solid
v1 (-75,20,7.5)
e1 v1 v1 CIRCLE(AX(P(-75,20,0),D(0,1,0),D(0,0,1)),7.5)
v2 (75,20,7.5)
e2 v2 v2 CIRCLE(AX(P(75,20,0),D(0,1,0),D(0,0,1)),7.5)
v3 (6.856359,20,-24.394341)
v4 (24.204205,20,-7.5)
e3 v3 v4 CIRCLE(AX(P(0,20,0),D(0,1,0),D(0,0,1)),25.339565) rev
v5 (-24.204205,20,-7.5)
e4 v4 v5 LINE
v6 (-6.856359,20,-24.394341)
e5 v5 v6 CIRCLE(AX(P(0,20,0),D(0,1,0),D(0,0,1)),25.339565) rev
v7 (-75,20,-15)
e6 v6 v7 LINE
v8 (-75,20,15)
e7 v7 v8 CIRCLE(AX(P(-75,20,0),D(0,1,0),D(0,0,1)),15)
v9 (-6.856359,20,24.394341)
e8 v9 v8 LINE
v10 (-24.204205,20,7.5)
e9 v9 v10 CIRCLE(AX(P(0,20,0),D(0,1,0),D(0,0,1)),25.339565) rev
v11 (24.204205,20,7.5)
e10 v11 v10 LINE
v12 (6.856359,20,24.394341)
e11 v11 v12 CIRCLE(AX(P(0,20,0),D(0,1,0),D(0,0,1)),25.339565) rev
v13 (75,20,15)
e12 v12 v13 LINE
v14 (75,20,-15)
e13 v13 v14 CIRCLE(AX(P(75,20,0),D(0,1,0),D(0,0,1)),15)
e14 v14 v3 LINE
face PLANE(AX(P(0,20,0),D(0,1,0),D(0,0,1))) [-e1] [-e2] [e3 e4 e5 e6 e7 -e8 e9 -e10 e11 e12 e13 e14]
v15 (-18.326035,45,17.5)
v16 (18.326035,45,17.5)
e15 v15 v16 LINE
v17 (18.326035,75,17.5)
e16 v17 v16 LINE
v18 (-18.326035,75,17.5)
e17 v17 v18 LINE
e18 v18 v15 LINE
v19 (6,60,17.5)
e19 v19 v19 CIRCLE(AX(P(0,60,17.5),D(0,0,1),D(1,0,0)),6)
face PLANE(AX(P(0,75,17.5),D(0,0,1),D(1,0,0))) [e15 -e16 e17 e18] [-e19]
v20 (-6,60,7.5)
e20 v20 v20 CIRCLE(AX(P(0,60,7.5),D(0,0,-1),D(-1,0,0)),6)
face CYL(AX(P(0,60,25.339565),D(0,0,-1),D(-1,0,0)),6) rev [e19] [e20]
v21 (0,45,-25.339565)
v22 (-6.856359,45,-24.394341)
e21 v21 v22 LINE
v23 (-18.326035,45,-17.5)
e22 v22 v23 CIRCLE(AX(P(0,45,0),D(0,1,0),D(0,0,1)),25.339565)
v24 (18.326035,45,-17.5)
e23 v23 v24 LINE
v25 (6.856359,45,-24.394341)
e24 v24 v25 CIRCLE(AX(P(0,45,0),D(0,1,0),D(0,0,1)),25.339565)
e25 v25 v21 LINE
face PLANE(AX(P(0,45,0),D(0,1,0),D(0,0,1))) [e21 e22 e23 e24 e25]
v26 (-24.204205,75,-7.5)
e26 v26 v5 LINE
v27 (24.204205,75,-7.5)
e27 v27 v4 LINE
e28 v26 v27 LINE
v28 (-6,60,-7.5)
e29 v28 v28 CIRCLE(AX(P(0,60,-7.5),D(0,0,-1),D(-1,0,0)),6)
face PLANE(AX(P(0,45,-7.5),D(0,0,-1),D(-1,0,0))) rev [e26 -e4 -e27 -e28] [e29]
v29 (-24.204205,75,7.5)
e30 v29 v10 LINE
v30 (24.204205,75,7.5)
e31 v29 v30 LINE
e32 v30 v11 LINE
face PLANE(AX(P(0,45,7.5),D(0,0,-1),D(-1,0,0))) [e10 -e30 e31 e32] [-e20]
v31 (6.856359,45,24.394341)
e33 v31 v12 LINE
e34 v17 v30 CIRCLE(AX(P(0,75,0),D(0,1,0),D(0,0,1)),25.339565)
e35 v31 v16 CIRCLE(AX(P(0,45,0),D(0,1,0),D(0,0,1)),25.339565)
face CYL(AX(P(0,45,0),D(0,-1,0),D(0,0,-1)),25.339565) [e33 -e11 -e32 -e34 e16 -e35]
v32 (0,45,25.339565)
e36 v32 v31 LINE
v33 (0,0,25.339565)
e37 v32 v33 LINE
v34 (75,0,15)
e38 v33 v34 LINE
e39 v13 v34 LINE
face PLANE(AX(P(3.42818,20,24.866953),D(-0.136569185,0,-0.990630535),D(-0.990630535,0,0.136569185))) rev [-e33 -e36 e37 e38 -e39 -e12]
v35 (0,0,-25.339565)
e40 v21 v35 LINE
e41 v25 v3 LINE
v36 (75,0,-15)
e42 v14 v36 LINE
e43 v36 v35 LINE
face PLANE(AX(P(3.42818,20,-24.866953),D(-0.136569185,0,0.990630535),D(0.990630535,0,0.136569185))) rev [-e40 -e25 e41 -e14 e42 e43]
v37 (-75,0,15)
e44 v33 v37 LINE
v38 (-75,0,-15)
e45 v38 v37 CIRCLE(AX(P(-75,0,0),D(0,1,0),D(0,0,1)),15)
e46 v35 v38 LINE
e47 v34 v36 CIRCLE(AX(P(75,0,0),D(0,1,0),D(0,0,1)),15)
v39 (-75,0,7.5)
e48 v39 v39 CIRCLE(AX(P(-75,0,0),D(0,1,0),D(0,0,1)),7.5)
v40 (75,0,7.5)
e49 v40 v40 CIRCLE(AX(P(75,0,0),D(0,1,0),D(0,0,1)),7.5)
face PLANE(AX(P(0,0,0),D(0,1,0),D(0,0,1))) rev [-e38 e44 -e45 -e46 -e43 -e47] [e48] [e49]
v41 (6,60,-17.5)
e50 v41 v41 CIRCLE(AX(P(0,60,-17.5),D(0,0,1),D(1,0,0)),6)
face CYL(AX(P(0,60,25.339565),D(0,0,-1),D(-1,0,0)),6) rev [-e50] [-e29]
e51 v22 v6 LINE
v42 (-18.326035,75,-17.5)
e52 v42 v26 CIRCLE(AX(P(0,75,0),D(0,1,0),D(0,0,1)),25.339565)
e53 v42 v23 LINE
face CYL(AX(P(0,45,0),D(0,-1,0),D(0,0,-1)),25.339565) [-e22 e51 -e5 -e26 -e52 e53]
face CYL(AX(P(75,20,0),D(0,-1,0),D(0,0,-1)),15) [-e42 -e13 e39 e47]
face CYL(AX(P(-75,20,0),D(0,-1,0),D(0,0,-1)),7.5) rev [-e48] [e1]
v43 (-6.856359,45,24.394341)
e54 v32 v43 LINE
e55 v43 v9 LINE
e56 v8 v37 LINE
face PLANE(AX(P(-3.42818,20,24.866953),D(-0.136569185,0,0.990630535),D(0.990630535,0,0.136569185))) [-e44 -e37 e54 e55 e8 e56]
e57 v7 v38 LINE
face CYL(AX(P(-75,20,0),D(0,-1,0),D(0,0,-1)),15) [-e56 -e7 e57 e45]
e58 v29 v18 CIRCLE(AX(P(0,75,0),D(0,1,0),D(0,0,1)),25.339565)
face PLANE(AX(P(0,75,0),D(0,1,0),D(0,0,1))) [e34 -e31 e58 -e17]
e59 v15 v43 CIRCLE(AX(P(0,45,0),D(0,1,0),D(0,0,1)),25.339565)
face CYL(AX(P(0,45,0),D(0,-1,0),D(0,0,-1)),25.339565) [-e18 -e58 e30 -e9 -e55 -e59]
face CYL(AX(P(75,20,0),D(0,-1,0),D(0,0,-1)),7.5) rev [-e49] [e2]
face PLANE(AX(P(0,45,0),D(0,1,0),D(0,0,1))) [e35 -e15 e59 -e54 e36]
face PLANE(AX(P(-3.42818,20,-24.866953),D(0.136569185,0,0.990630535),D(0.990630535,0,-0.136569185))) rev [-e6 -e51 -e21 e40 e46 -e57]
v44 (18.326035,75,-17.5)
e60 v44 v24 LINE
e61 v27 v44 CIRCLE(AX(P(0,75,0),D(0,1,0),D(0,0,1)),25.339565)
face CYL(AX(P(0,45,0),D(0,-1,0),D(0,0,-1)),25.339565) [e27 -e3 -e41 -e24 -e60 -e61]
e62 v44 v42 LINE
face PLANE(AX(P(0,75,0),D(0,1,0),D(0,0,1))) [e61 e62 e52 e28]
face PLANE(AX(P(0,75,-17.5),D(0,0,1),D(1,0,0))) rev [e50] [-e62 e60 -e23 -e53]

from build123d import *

# Parameters (mm, degrees)
CROQUIS_PLANTA_R           = 7.5
SALIENTE_EXTRUIR1_DEPTH    = 20
SALIENTE_EXTRUIR2_DEPTH    = 45
SALIENTE_EXTRUIR3_DEPTH    = 75
CROQUIS14_R                = 6
CORTAR_EXTRUIR1_DEPTH      = 8.83956507
CORTAR_EXTRUIR1_DEPTH_BACK = 43.83956507


with BuildPart() as part:
    # Croquis Planta → Saliente-Extruir1 (new body)
    with BuildSketch(Plane(origin=(0, 0, 0), x_dir=(1, 0, 0), z_dir=(0, 1, 0))):
        with BuildLine():
            ThreePointArc((-6.856359495, -24.394341401), (-25.33956507, 0), (-6.856359495, 24.394341401))
            Line((-6.856359495, 24.394341401), (-75, 15))
            ThreePointArc((-75, 15), (-90, 0), (-75, -15))
            Line((-75, -15), (-6.856359495, -24.394341401))
        make_face()
        with Locations((-75, 0)):
            Circle(CROQUIS_PLANTA_R, mode=Mode.SUBTRACT)
        with BuildLine():
            ThreePointArc((75, -15), (90, 0), (75, 15))
            Line((75, 15), (6.856359495, 24.394341401))
            ThreePointArc((6.856359495, 24.394341401), (20.196914684, 15.302881924), (25.33956507, 0))
            ThreePointArc((25.33956507, 0), (20.196914684, -15.302881924), (6.856359495, -24.394341401))
            Line((6.856359495, -24.394341401), (75, -15))
        make_face()
        with Locations((75, 0)):
            Circle(CROQUIS_PLANTA_R, mode=Mode.SUBTRACT)
        with BuildLine():
            ThreePointArc((25.33956507, 0), (20.196914684, 15.302881924), (6.856359495, 24.394341401))
            Line((6.856359495, 24.394341401), (0, 25.33956507))
            Line((0, 25.33956507), (-6.856359495, 24.394341401))
            ThreePointArc((-6.856359495, 24.394341401), (-25.33956507, 0), (-6.856359495, -24.394341401))
            Line((-6.856359495, -24.394341401), (0, -25.33956507))
            Line((0, -25.33956507), (6.856359495, -24.394341401))
            ThreePointArc((6.856359495, -24.394341401), (20.196914684, -15.302881924), (25.33956507, 0))
        make_face()
    extrude(amount=SALIENTE_EXTRUIR1_DEPTH)

    # Croquis11 → Saliente-Extruir2 (add)
    with BuildSketch(Plane(origin=(0, 0, 0), x_dir=(1, 0, 0), z_dir=(0, 1, 0))):
        with BuildLine():
            ThreePointArc((24.204205377, 7.5), (21.845030009, 12.840880882), (18.326034976, 17.5))
            Line((18.326034976, 17.5), (-18.326034976, 17.5))
            ThreePointArc((-18.326034976, 17.5), (-21.845030009, 12.840880882), (-24.204205377, 7.5))
            Line((-24.204205377, 7.5), (24.204205377, 7.5))
        make_face()
        with BuildLine():
            ThreePointArc((18.326034976, 17.5), (13.05454839, 21.718018424), (6.856359495, 24.394341401))
            Line((6.856359495, 24.394341401), (0, 25.33956507))
            Line((0, 25.33956507), (-6.856359495, 24.394341401))
            ThreePointArc((-6.856359495, 24.394341401), (-13.05454839, 21.718018424), (-18.326034976, 17.5))
            Line((-18.326034976, 17.5), (18.326034976, 17.5))
        make_face()
        with BuildLine():
            Line((-18.326034976, -17.5), (18.326034976, -17.5))
            ThreePointArc((18.326034976, -17.5), (21.845030009, -12.840880882), (24.204205377, -7.5))
            Line((24.204205377, -7.5), (-24.204205377, -7.5))
            ThreePointArc((-24.204205377, -7.5), (-21.845030009, -12.840880882), (-18.326034976, -17.5))
        make_face()
        with BuildLine():
            Line((0, -25.33956507), (6.856359495, -24.394341401))
            ThreePointArc((6.856359495, -24.394341401), (13.05454839, -21.718018424), (18.326034976, -17.5))
            Line((18.326034976, -17.5), (-18.326034976, -17.5))
            ThreePointArc((-18.326034976, -17.5), (-13.05454839, -21.718018424), (-6.856359495, -24.394341401))
            Line((-6.856359495, -24.394341401), (0, -25.33956507))
        make_face()
    extrude(amount=SALIENTE_EXTRUIR2_DEPTH)

    # Croquis12 → Saliente-Extruir3 (add)
    with BuildSketch(Plane(origin=(0, 0, 0), x_dir=(1, 0, 0), z_dir=(0, 1, 0))):
        with BuildLine():
            ThreePointArc((24.204205377, 7.5), (21.845030009, 12.840880882), (18.326034976, 17.5))
            Line((18.326034976, 17.5), (-18.326034976, 17.5))
            ThreePointArc((-18.326034976, 17.5), (-21.845030009, 12.840880882), (-24.204205377, 7.5))
            Line((-24.204205377, 7.5), (24.204205377, 7.5))
        make_face()
        with BuildLine():
            Line((-18.326034976, -17.5), (18.326034976, -17.5))
            ThreePointArc((18.326034976, -17.5), (21.845030009, -12.840880882), (24.204205377, -7.5))
            Line((24.204205377, -7.5), (-24.204205377, -7.5))
            ThreePointArc((-24.204205377, -7.5), (-21.845030009, -12.840880882), (-18.326034976, -17.5))
        make_face()
    extrude(amount=SALIENTE_EXTRUIR3_DEPTH)

    # Croquis14 → Cortar-Extruir1 (cut, two sides)
    with BuildSketch(Plane(origin=(0, 0, -17.5), x_dir=(-1, 0, 0), z_dir=(0, 0, -1))) as cortar_extruir1_sk:
        with Locations((0, 60)):
            Circle(CROQUIS14_R)
    extrude(amount=CORTAR_EXTRUIR1_DEPTH, mode=Mode.SUBTRACT)
    extrude(cortar_extruir1_sk.sketch, amount=-CORTAR_EXTRUIR1_DEPTH_BACK, mode=Mode.SUBTRACT)


solid = part.part
